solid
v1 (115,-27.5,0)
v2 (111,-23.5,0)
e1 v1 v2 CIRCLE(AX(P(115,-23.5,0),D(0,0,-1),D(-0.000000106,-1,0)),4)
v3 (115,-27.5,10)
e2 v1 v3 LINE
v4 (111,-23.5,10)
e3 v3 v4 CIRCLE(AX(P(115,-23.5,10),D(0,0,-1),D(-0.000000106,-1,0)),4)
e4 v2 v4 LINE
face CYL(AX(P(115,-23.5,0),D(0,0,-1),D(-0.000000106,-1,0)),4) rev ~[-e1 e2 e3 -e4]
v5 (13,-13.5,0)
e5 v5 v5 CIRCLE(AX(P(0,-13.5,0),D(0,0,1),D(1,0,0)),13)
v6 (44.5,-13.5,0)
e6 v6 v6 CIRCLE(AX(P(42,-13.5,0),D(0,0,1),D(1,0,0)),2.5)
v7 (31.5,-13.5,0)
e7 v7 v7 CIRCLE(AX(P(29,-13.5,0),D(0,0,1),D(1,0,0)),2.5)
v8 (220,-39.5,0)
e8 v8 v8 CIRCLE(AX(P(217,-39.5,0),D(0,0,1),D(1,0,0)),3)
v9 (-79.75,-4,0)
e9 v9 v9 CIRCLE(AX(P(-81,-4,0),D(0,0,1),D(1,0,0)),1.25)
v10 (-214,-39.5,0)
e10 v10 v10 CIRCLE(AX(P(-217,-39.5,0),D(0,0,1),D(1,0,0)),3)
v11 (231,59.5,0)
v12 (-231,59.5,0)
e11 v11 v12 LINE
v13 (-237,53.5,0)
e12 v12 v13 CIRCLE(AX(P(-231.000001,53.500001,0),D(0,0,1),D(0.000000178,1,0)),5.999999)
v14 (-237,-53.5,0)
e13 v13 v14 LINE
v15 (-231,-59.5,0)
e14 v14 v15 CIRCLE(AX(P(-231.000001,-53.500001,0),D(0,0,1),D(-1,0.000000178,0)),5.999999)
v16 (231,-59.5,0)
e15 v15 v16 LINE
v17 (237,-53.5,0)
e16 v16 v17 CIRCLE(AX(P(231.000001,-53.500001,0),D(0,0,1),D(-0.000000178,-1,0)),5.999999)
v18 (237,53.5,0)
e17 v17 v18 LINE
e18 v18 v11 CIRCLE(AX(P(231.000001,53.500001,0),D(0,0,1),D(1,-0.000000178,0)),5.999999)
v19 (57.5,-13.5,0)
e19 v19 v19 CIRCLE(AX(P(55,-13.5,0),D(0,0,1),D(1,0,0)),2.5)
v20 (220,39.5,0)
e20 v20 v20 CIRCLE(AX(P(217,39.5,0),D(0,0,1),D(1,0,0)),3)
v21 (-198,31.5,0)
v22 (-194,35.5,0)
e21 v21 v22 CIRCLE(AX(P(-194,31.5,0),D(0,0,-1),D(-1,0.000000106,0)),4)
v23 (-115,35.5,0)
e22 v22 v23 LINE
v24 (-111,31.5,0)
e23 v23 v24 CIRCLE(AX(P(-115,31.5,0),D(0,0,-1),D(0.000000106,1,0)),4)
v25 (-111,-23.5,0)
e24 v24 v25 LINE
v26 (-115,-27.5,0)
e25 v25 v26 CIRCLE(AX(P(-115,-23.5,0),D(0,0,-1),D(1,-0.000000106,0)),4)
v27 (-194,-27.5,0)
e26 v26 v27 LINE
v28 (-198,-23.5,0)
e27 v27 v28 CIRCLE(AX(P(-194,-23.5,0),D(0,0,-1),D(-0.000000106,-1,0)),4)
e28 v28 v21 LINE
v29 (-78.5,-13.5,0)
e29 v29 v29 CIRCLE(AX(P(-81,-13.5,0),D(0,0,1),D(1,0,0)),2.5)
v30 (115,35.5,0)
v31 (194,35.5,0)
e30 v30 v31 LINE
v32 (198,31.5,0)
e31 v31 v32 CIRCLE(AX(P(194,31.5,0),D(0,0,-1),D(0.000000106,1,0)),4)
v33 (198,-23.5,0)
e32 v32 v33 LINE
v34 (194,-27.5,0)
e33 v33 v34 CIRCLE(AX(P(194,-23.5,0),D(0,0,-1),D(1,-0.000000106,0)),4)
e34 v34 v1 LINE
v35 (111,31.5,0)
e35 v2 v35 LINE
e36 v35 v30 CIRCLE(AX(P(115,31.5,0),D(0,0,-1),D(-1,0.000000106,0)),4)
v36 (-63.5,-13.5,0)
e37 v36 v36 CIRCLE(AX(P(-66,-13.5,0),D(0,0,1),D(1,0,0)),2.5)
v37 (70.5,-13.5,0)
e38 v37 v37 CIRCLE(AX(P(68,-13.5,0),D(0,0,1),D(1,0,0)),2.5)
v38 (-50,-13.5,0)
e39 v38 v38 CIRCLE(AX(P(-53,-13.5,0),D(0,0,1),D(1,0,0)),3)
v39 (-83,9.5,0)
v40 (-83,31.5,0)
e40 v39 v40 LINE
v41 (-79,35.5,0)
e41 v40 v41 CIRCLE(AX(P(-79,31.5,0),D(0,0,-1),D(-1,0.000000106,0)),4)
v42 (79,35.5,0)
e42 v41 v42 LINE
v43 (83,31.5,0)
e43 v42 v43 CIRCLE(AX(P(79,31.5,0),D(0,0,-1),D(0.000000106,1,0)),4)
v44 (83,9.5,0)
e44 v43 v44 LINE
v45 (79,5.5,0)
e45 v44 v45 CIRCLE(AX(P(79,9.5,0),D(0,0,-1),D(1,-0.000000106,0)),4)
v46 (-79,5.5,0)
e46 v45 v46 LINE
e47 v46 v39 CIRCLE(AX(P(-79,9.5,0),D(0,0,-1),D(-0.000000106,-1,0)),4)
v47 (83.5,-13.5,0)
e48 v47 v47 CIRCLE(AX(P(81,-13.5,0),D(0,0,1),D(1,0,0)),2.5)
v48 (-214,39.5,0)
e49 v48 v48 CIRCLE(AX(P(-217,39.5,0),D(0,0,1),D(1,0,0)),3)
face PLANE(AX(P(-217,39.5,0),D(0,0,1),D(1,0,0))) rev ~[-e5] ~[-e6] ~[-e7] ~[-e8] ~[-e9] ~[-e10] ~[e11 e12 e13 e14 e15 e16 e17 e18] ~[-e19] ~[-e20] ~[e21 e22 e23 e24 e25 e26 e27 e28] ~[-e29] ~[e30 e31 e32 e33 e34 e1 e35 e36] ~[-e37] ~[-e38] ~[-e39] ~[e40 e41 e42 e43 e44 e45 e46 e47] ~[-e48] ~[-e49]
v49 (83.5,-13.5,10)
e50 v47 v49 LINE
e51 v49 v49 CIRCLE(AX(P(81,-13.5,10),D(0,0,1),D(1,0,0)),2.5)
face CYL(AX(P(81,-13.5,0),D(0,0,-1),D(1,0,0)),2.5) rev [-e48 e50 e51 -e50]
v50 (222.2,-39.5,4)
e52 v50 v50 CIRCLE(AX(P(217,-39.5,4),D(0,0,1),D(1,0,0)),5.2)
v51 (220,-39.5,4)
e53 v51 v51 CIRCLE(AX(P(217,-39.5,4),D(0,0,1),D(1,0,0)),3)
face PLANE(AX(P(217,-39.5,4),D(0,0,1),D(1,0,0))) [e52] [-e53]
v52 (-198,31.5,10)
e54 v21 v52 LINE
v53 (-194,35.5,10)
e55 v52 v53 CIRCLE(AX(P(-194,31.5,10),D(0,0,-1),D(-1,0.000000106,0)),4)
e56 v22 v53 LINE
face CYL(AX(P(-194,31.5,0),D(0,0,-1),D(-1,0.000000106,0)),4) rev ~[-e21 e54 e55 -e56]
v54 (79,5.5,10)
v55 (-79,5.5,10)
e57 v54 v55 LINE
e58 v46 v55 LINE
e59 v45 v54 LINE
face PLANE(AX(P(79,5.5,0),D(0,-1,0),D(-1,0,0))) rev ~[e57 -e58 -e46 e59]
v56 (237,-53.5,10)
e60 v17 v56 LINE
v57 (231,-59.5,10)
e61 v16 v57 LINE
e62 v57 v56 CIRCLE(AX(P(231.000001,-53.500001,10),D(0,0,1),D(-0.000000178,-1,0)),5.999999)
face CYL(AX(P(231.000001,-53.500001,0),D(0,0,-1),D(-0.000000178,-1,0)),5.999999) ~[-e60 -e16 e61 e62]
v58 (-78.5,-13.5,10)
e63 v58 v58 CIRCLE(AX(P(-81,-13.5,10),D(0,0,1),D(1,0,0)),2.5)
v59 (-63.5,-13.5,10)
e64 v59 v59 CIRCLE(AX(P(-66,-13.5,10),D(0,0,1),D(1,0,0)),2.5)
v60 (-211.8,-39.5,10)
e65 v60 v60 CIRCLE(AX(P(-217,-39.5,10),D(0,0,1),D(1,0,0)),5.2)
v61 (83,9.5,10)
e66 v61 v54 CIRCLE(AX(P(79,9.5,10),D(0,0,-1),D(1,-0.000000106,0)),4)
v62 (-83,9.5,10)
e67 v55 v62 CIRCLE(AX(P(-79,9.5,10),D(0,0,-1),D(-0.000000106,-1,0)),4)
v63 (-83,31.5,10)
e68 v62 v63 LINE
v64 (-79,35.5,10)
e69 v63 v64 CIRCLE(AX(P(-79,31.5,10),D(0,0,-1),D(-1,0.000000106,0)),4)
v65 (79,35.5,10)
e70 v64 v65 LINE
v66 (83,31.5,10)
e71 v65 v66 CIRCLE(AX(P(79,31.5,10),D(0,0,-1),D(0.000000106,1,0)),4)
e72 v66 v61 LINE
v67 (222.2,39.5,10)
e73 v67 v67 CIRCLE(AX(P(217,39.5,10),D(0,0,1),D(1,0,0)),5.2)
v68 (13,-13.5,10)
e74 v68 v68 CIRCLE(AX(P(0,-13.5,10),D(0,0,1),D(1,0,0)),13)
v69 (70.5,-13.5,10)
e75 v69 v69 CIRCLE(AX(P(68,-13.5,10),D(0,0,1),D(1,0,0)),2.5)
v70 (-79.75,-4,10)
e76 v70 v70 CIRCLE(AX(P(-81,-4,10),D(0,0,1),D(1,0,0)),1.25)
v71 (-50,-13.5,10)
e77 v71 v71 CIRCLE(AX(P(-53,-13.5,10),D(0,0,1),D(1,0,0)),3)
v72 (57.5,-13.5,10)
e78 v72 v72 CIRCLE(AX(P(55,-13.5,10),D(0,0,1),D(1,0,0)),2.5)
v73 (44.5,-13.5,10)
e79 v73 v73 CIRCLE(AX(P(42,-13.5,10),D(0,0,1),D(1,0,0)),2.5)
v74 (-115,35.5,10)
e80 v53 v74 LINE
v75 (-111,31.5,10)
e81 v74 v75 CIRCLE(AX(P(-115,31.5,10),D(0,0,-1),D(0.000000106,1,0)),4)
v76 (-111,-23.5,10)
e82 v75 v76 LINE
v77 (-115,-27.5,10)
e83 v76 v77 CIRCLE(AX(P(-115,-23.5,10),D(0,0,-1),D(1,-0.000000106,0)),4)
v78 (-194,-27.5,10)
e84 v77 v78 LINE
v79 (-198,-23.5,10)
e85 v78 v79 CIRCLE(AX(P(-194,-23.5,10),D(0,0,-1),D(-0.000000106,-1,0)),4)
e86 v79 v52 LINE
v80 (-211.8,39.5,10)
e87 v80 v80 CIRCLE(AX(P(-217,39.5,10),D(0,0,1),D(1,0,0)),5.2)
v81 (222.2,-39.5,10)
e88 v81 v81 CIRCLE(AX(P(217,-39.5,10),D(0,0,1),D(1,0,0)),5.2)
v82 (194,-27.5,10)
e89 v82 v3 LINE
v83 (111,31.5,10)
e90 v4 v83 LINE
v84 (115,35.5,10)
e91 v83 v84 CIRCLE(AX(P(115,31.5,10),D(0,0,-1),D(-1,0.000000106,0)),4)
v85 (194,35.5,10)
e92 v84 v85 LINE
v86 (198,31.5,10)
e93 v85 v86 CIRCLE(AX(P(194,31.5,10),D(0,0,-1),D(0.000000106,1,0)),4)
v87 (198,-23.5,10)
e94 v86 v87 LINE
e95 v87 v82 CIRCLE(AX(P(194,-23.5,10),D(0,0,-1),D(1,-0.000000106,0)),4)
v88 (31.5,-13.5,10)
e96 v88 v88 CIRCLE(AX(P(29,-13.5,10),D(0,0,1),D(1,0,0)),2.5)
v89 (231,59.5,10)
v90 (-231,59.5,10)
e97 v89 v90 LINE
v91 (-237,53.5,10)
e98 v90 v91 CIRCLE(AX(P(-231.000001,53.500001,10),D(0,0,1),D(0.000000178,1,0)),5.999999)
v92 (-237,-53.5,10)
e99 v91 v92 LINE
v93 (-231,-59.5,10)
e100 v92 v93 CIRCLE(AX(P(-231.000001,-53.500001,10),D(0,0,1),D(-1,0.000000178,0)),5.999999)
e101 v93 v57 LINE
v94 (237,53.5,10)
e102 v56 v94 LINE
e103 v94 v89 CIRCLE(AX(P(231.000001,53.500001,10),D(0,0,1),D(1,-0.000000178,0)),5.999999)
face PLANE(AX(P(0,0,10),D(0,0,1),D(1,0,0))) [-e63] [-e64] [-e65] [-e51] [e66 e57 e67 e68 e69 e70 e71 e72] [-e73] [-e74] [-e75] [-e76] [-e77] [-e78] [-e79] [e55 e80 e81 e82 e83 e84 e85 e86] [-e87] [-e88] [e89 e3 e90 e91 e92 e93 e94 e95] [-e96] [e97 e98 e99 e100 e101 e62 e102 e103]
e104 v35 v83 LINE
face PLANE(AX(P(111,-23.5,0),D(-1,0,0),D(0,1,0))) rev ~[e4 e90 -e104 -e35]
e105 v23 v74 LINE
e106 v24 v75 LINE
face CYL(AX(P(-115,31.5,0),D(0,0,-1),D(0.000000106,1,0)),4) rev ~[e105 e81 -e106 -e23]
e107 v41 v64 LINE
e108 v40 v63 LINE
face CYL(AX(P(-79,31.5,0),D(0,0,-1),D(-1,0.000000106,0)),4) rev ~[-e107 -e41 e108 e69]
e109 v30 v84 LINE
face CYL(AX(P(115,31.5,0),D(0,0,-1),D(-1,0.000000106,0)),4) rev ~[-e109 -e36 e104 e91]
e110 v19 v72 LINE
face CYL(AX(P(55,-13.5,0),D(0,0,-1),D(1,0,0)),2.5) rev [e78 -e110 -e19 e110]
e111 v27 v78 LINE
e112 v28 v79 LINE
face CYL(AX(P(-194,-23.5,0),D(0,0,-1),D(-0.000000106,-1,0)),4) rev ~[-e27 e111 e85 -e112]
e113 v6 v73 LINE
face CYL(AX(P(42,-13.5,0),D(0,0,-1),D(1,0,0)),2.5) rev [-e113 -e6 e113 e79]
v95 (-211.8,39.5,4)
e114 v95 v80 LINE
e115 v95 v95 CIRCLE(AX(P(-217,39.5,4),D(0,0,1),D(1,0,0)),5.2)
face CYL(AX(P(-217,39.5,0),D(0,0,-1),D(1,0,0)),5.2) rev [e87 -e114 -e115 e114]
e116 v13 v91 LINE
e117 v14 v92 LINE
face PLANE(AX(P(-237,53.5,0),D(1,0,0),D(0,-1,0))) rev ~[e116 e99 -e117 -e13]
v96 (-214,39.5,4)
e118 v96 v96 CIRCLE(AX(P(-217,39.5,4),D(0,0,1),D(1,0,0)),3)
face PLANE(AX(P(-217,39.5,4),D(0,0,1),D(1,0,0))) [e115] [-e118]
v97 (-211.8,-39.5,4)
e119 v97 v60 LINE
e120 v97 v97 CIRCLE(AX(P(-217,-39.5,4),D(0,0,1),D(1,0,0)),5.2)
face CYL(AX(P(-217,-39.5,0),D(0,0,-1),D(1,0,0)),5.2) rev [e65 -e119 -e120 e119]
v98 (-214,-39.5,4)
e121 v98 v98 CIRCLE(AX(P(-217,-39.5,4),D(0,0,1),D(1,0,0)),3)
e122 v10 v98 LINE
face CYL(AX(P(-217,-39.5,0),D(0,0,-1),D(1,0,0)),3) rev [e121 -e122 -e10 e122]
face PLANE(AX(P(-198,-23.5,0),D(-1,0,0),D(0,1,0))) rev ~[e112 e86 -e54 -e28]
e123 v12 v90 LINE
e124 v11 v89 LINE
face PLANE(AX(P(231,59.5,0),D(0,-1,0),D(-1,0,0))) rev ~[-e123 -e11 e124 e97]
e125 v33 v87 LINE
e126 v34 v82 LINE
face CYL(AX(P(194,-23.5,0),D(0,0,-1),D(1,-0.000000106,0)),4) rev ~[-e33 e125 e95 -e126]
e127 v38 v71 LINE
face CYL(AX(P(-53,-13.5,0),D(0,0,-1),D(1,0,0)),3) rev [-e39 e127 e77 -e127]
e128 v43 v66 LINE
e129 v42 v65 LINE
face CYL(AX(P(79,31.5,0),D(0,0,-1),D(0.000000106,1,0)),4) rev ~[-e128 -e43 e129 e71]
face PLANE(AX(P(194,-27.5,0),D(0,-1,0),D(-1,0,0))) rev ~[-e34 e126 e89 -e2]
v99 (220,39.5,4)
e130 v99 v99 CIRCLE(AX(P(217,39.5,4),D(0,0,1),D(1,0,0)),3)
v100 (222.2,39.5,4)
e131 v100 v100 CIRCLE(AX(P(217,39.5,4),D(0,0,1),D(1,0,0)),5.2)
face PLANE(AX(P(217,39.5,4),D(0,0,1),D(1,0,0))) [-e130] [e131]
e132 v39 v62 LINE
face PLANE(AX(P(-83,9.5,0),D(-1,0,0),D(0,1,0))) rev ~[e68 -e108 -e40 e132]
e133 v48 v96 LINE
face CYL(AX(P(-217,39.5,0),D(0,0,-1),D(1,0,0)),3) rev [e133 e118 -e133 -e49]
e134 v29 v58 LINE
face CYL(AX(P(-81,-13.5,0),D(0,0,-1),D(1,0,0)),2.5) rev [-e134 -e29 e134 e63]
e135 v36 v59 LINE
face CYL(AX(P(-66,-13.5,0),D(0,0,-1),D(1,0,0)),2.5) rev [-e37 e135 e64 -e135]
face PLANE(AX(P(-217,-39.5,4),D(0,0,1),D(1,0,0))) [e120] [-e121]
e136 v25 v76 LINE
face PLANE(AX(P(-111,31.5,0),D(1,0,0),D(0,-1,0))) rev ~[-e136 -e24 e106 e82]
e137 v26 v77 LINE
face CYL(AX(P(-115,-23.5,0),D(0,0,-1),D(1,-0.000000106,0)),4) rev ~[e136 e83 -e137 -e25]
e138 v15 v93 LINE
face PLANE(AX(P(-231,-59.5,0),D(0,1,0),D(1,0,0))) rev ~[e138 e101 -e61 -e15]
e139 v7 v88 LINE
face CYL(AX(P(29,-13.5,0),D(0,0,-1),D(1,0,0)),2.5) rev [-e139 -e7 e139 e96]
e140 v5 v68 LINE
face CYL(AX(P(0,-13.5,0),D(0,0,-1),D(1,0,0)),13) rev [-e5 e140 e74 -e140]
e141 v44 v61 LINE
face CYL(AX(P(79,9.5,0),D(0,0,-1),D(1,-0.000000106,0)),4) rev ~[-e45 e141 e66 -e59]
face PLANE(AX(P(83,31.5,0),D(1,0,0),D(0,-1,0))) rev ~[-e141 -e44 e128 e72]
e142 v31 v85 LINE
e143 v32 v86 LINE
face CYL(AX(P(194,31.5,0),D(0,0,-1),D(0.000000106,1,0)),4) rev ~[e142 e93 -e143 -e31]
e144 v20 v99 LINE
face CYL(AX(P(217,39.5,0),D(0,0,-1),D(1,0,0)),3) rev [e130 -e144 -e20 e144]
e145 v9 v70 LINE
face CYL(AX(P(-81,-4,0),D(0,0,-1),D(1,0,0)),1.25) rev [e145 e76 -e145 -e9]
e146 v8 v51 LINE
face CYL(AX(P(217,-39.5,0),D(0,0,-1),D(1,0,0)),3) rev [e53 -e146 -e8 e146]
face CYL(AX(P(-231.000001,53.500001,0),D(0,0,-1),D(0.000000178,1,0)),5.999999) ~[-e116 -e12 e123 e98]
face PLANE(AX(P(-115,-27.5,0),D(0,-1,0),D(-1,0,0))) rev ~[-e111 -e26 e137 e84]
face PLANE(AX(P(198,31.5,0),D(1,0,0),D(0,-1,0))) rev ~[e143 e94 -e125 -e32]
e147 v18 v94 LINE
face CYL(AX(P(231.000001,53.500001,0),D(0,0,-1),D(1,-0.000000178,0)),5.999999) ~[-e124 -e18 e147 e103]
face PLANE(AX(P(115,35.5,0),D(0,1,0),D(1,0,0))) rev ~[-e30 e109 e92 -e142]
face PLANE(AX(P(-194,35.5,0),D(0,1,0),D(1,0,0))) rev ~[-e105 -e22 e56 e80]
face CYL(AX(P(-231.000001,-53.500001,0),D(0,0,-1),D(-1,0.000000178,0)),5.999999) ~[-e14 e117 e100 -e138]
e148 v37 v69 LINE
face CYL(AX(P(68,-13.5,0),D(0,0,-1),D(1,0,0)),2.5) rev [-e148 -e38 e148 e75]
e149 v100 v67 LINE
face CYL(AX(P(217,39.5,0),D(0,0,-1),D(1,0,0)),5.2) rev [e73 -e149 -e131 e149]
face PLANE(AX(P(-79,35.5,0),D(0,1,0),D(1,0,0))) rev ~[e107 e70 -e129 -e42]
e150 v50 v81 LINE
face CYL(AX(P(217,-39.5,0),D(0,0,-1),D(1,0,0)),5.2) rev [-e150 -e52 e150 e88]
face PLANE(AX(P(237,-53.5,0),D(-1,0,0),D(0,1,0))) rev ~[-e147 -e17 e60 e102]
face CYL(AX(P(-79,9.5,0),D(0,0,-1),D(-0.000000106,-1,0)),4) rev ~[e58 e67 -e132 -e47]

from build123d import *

# Parameters (mm, degrees)
F0_R     = 5.2
F0_R_2   = 2.5
F0_R_3   = 1.25
F0_R_4   = 3
F0_R_5   = 13
F1_DEPTH = 10
F2_DEPTH = 4


with BuildPart() as f1:
    # F0 (on Top) → F1 (new body)
    with BuildSketch(Plane.XY):
        with BuildLine():
            Line((-231, -59.5), (231, -59.5))
            ThreePointArc((231, -59.5), (235.242641, -57.742641), (237, -53.5))
            Line((237, -53.5), (237, 53.5))
            ThreePointArc((237, 53.5), (235.242641, 57.742641), (231, 59.5))
            Line((231, 59.5), (-231, 59.5))
            ThreePointArc((-231, 59.5), (-235.242641, 57.742641), (-237, 53.5))
            Line((-237, 53.5), (-237, -53.5))
            ThreePointArc((-237, -53.5), (-235.242641, -57.742641), (-231, -59.5))
        make_face()
        with Locations((-217, -39.5)):
            Circle(F0_R, mode=Mode.SUBTRACT)
        with Locations((-81, -13.5)):
            Circle(F0_R_2, mode=Mode.SUBTRACT)
        with Locations((-66, -13.5)):
            Circle(F0_R_2, mode=Mode.SUBTRACT)
        with Locations((-81, -4)):
            Circle(F0_R_3, mode=Mode.SUBTRACT)
        with Locations((-53, -13.5)):
            Circle(F0_R_4, mode=Mode.SUBTRACT)
        with Locations((0, -13.5)):
            Circle(F0_R_5, mode=Mode.SUBTRACT)
        with Locations((217, -39.5)):
            Circle(F0_R, mode=Mode.SUBTRACT)
        with Locations((29, -13.5)):
            Circle(F0_R_2, mode=Mode.SUBTRACT)
        with Locations((42, -13.5)):
            Circle(F0_R_2, mode=Mode.SUBTRACT)
        with Locations((55, -13.5)):
            Circle(F0_R_2, mode=Mode.SUBTRACT)
        with Locations((68, -13.5)):
            Circle(F0_R_2, mode=Mode.SUBTRACT)
        with Locations((81, -13.5)):
            Circle(F0_R_2, mode=Mode.SUBTRACT)
        with BuildLine():
            ThreePointArc((-198, 31.5), (-196.828427, 34.328427), (-194, 35.5))
            Line((-194, 35.5), (-115, 35.5))
            ThreePointArc((-115, 35.5), (-112.171573, 34.328427), (-111, 31.5))
            Line((-111, 31.5), (-111, -23.5))
            ThreePointArc((-111, -23.5), (-112.171573, -26.328427), (-115, -27.5))
            Line((-115, -27.5), (-194, -27.5))
            ThreePointArc((-194, -27.5), (-196.828427, -26.328427), (-198, -23.5))
            Line((-198, -23.5), (-198, 31.5))
        make_face(mode=Mode.SUBTRACT)
        with BuildLine():
            Line((-79, 35.5), (79, 35.5))
            ThreePointArc((79, 35.5), (81.828427, 34.328427), (83, 31.5))
            Line((83, 31.5), (83, 9.5))
            ThreePointArc((83, 9.5), (81.828427, 6.671573), (79, 5.5))
            Line((79, 5.5), (-79, 5.5))
            ThreePointArc((-79, 5.5), (-81.828427, 6.671573), (-83, 9.5))
            Line((-83, 9.5), (-83, 31.5))
            ThreePointArc((-83, 31.5), (-81.828427, 34.328427), (-79, 35.5))
        make_face(mode=Mode.SUBTRACT)
        with Locations((-217, 39.5)):
            Circle(F0_R, mode=Mode.SUBTRACT)
        with BuildLine():
            Line((111, -23.5), (111, 31.5))
            ThreePointArc((111, 31.5), (112.171573, 34.328427), (115, 35.5))
            Line((115, 35.5), (194, 35.5))
            ThreePointArc((194, 35.5), (196.828427, 34.328427), (198, 31.5))
            Line((198, 31.5), (198, -23.5))
            ThreePointArc((198, -23.5), (196.828427, -26.328427), (194, -27.5))
            Line((194, -27.5), (115, -27.5))
            ThreePointArc((115, -27.5), (112.171573, -26.328427), (111, -23.5))
        make_face(mode=Mode.SUBTRACT)
        with Locations((217, 39.5)):
            Circle(F0_R, mode=Mode.SUBTRACT)
    extrude(amount=F1_DEPTH)

    # F0 (on Top) → F2 (join)
    with BuildSketch(Plane.XY):
        with Locations((-217, 39.5)):
            Circle(F0_R)
        with Locations((-217, 39.5)):
            Circle(F0_R_4, mode=Mode.SUBTRACT)
        with Locations((-217, -39.5)):
            Circle(F0_R)
        with Locations((-217, -39.5)):
            Circle(F0_R_4, mode=Mode.SUBTRACT)
        with Locations((217, -39.5)):
            Circle(F0_R)
        with Locations((217, -39.5)):
            Circle(F0_R_4, mode=Mode.SUBTRACT)
        with Locations((217, 39.5)):
            Circle(F0_R)
        with Locations((217, 39.5)):
            Circle(F0_R_4, mode=Mode.SUBTRACT)
    extrude(amount=F2_DEPTH)


solid = f1.part
